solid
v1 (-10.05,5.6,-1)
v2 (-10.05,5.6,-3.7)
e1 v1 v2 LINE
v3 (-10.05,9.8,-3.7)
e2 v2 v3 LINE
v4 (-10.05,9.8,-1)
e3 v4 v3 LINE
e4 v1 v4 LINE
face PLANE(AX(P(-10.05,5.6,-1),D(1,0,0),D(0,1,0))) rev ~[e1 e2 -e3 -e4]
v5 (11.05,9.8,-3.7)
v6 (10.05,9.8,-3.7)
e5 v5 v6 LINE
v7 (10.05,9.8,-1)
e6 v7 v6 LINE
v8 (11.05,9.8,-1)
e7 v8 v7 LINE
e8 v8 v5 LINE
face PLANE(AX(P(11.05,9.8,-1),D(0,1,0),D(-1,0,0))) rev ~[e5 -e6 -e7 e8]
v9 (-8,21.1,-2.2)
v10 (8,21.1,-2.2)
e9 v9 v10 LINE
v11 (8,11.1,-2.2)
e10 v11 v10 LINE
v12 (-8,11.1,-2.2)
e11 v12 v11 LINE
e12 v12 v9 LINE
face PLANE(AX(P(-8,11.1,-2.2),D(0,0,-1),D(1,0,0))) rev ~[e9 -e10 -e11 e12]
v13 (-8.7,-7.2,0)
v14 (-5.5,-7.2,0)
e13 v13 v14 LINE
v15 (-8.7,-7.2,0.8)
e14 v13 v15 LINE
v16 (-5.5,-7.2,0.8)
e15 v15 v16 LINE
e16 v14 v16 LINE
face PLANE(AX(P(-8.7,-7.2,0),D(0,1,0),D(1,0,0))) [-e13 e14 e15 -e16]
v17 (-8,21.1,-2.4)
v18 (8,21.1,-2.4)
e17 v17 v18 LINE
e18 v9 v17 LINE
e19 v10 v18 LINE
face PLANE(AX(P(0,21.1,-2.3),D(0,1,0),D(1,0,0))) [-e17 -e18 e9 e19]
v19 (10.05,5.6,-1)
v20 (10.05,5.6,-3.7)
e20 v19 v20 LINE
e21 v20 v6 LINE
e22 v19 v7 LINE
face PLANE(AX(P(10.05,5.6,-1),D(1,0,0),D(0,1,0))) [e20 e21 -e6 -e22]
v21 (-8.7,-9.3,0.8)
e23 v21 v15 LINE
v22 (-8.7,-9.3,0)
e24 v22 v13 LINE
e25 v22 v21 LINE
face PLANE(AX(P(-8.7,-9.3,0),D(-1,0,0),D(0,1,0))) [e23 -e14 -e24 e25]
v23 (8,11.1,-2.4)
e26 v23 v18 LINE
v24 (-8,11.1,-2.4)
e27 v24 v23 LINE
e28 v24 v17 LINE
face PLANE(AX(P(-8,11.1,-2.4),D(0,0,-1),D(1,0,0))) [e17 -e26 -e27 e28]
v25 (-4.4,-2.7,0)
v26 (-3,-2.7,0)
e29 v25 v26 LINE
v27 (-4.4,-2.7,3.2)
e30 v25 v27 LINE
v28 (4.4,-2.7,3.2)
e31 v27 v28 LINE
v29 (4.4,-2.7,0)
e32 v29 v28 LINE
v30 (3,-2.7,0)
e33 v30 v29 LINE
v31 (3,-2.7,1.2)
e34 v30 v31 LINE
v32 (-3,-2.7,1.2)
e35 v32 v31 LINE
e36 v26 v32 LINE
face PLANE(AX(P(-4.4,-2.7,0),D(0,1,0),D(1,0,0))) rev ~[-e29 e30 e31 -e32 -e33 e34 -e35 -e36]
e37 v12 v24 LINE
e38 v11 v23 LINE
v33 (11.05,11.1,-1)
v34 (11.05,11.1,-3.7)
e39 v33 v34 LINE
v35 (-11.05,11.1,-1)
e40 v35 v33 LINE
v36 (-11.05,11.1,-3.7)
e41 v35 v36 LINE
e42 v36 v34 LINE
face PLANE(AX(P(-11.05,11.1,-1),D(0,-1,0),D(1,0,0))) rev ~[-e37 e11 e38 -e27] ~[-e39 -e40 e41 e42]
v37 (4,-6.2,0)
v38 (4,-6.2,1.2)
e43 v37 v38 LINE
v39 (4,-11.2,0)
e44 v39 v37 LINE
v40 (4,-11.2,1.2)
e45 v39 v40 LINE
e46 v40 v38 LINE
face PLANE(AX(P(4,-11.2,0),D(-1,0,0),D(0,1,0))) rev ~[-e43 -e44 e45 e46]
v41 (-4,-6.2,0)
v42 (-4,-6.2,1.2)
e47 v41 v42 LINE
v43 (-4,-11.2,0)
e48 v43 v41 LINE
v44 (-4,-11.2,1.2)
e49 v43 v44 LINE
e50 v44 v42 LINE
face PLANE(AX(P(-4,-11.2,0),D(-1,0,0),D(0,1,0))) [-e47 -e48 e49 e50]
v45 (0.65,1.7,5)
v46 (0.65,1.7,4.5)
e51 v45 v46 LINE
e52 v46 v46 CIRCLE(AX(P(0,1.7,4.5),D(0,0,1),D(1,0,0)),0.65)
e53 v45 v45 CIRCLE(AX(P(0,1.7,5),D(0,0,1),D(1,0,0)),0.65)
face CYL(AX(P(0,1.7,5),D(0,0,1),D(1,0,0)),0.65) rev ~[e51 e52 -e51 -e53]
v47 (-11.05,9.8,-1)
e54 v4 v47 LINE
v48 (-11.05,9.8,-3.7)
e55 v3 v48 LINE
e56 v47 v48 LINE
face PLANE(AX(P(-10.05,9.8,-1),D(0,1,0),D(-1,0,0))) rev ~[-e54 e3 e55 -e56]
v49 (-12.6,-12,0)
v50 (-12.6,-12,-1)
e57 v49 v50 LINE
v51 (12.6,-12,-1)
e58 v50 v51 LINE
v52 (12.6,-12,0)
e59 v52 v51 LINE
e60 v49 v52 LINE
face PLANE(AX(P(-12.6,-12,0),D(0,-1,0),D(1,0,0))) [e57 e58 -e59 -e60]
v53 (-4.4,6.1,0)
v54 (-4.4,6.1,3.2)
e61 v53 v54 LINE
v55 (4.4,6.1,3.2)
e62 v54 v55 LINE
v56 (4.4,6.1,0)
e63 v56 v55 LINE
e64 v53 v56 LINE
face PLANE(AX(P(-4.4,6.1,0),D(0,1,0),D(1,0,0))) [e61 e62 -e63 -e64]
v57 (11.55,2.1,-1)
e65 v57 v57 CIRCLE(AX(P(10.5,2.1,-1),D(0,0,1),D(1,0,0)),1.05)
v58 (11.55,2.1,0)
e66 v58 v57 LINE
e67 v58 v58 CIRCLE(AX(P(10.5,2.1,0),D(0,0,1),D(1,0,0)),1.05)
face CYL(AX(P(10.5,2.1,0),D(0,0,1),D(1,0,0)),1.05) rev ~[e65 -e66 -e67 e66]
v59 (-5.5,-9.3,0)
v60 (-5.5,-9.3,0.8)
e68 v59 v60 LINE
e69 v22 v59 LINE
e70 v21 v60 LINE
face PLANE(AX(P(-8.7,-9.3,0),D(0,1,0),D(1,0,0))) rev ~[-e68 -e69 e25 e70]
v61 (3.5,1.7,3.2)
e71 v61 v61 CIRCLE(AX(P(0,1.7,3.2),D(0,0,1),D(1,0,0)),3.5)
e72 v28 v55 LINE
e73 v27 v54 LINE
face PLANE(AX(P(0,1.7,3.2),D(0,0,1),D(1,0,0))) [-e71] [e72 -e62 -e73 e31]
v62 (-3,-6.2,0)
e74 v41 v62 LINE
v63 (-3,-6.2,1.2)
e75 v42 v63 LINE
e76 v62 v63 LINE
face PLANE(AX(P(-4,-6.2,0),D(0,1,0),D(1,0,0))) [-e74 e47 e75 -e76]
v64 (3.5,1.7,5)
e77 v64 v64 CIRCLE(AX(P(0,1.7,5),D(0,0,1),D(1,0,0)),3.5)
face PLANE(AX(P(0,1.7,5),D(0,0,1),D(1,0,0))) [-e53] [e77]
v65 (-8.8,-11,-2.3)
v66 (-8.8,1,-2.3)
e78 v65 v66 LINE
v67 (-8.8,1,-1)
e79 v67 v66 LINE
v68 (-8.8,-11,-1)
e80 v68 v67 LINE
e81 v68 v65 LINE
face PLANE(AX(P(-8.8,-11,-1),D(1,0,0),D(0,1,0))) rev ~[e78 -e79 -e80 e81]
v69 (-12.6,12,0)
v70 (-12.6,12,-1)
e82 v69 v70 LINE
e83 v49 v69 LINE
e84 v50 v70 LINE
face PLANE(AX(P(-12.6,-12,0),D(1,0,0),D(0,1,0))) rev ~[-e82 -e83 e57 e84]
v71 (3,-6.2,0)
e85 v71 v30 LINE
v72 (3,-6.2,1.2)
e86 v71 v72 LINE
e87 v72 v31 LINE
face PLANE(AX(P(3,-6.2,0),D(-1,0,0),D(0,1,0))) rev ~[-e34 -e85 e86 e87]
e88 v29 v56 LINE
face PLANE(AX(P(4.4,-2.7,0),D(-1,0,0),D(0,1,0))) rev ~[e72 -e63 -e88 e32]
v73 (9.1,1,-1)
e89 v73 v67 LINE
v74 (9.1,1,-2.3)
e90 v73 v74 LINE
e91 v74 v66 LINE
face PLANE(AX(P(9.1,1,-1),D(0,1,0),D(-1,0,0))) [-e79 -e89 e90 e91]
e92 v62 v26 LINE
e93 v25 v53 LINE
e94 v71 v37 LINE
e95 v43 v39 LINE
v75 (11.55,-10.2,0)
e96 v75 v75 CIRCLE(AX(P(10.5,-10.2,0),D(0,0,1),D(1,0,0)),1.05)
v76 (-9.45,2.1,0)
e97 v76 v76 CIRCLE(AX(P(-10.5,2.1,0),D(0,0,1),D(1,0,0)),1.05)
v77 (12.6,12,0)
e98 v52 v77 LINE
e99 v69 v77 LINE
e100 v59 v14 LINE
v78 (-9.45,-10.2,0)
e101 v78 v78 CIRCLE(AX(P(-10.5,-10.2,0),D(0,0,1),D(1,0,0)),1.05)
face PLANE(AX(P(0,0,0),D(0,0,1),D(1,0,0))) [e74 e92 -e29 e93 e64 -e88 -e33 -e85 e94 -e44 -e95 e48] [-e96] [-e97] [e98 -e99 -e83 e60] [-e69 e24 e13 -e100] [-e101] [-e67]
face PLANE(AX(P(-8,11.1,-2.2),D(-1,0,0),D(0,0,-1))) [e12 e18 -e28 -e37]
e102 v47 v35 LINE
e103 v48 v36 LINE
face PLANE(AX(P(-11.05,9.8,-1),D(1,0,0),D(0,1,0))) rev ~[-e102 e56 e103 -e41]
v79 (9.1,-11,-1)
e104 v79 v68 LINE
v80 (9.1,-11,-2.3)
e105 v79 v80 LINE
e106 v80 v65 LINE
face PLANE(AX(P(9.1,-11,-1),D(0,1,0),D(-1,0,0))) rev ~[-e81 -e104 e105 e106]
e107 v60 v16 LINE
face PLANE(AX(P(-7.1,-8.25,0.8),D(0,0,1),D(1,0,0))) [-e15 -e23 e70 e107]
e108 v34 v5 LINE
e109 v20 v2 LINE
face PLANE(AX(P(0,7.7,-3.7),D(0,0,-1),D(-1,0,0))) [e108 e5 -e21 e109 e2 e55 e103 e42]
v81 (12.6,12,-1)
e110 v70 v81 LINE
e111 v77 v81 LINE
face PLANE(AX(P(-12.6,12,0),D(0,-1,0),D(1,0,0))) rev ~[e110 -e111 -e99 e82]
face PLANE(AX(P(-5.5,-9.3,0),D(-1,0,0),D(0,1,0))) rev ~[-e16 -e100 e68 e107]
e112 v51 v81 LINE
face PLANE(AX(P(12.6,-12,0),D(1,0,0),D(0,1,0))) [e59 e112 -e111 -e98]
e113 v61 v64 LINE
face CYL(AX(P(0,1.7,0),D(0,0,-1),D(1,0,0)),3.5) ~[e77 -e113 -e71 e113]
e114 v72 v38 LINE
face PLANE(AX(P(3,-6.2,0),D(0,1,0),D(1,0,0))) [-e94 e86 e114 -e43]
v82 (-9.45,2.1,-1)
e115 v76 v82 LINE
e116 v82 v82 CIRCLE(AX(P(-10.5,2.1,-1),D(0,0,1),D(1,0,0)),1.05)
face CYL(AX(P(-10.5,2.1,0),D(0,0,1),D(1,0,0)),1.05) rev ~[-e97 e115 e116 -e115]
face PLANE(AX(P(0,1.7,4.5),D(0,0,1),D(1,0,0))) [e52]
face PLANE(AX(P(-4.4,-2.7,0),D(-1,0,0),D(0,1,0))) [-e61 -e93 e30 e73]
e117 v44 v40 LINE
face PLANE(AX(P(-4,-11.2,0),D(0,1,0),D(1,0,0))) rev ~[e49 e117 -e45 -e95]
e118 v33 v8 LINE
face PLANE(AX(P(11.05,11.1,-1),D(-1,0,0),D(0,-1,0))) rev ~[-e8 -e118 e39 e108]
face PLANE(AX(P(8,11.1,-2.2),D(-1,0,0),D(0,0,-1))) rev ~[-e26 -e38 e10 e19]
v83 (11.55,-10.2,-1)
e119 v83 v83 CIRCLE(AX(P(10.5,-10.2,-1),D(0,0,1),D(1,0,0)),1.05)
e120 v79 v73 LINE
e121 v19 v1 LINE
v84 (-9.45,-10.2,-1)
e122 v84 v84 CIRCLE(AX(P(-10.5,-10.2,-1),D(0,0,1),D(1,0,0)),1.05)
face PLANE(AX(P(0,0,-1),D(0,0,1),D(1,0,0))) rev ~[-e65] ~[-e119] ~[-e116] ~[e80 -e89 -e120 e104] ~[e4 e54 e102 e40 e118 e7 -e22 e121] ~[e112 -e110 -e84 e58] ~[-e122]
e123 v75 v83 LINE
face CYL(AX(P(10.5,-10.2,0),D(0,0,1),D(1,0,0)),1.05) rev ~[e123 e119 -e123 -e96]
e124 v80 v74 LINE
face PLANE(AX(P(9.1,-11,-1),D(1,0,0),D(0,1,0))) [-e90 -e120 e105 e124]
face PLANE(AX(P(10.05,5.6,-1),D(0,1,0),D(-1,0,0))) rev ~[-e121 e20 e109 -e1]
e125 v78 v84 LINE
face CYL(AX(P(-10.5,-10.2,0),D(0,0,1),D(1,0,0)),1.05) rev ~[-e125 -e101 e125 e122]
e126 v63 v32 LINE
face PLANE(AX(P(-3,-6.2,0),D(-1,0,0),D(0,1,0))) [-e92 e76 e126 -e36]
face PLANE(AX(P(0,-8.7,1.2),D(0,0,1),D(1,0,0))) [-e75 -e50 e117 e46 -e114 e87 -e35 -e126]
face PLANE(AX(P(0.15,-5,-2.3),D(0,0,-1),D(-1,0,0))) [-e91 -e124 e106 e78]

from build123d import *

# Parameters (mm, degrees)
SKICA1_W                 = 25.2
SKICA1_H                 = 24
SKICA1_R                 = 1.05
SKICA1_W_2               = 8.8
SKICA1_H_2               = 8.8
SKICA1_R_2               = 3.5
P_IDAT_VYSUNUT_M1_DEPTH  = 1
SKICA1_3_W               = 8.8
SKICA1_3_H               = 8.8
SKICA1_3_R               = 3.5
P_IDAT_VYSUNUT_M2_DEPTH  = 3.2
SKICA1_4_R               = 3.5
P_IDAT_VYSUNUT_M3_DEPTH  = 5
SKICA2_W                 = 8
SKICA2_H                 = 5
SKICA2_W_2               = 6
SKICA2_H_2               = 3.5
P_IDAT_VYSUNUT_M4_DEPTH  = 1.2
SKICA3_W                 = 20.1
SKICA3_H                 = 4.2
P_IDAT_VYSUNUT_M5_DEPTH  = 2.7
SKICA4_W                 = 17.9
SKICA4_H                 = 12
P_IDAT_VYSUNUT_M6_DEPTH  = 1.3
SKICA5_W                 = 3.2
SKICA5_H                 = 2.1
P_IDAT_VYSUNUT_M7_DEPTH  = 0.8
SKICA6_R                 = 0.65
ODEBRAT_VYSUNUT_M1_DEPTH = 0.5
SKICA7_W                 = 16
SKICA7_H                 = 0.2
P_IDAT_VYSUNUT_M9_DEPTH  = 10


with BuildPart() as part:
    # Skica1 → P_idat vysunut_m1 (new body)
    with BuildSketch(Plane.XY):
        Rectangle(SKICA1_W, SKICA1_H)
        with Locations((10.5, 2.1)):
            Circle(SKICA1_R, mode=Mode.SUBTRACT)
        with Locations((-10.5, 2.1)):
            Circle(SKICA1_R, mode=Mode.SUBTRACT)
        with Locations((10.5, -10.2)):
            Circle(SKICA1_R, mode=Mode.SUBTRACT)
        with Locations((-10.5, -10.2)):
            Circle(SKICA1_R, mode=Mode.SUBTRACT)
        with Locations((0, 1.7)):
            Rectangle(SKICA1_W_2, SKICA1_H_2, mode=Mode.SUBTRACT)
        with Locations((0, 1.7)):
            Rectangle(SKICA1_W_2, SKICA1_H_2)
        with Locations((0, 1.7)):
            Circle(SKICA1_R_2, mode=Mode.SUBTRACT)
        with Locations((0, 1.7)):
            Circle(SKICA1_R_2)
    extrude(amount=-P_IDAT_VYSUNUT_M1_DEPTH)

    # Skica1_3 → P_idat vysunut_m2 (add)
    with BuildSketch(Plane.XY):
        with Locations((0, 1.7)):
            Rectangle(SKICA1_3_W, SKICA1_3_H)
        with Locations((0, 1.7)):
            Circle(SKICA1_3_R, mode=Mode.SUBTRACT)
    extrude(amount=P_IDAT_VYSUNUT_M2_DEPTH)

    # Skica1_4 → P_idat vysunut_m3 (add)
    with BuildSketch(Plane.XY):
        with Locations((0, 1.7)):
            Circle(SKICA1_4_R)
    extrude(amount=P_IDAT_VYSUNUT_M3_DEPTH)

    # Skica2 → P_idat vysunut_m4 (add)
    with BuildSketch(Plane.XY):
        with Locations((0, -8.7)):
            Rectangle(SKICA2_W, SKICA2_H)
        with Locations((0, -4.45)):
            Rectangle(SKICA2_W_2, SKICA2_H_2)
    extrude(amount=P_IDAT_VYSUNUT_M4_DEPTH)

    # Skica3 → P_idat vysunut_m5 (add)
    with BuildSketch(Plane(origin=(0, 0, -1), x_dir=(-1, 0, 0), z_dir=(0, 0, -1))):
        with Locations((0, 7.7)):
            Rectangle(SKICA3_W, SKICA3_H)
        Polygon((-11.05, 9.8), (-10.05, 9.8), (10.05, 9.8), (11.05, 9.8), (11.05, 11.1), (-11.05, 11.1), align=None)
    extrude(amount=P_IDAT_VYSUNUT_M5_DEPTH)

    # Skica4 → P_idat vysunut_m6 (add)
    with BuildSketch(Plane(origin=(0, 0, -1), x_dir=(-1, 0, 0), z_dir=(0, 0, -1))):
        with Locations((-0.15, -5)):
            Rectangle(SKICA4_W, SKICA4_H)
    extrude(amount=P_IDAT_VYSUNUT_M6_DEPTH)

    # Skica5 → P_idat vysunut_m7 (add)
    with BuildSketch(Plane.XY):
        with Locations((-7.1, -8.25)):
            Rectangle(SKICA5_W, SKICA5_H)
    extrude(amount=P_IDAT_VYSUNUT_M7_DEPTH)

    # Skica6 → Odebrat vysunut_m1 (cut)
    with BuildSketch(Plane.XY.offset(5)):
        with Locations((0, 1.7)):
            Circle(SKICA6_R)
    extrude(amount=-ODEBRAT_VYSUNUT_M1_DEPTH, mode=Mode.SUBTRACT)

    # Skica7 → P_idat vysunut_m9 (add)
    with BuildSketch(Plane(origin=(0, 11.1, 0), x_dir=(1, 0, 0), z_dir=(0, 1, 0))):
        with Locations((0, 2.3)):
            Rectangle(SKICA7_W, SKICA7_H)
    extrude(amount=P_IDAT_VYSUNUT_M9_DEPTH)


solid = part.part
